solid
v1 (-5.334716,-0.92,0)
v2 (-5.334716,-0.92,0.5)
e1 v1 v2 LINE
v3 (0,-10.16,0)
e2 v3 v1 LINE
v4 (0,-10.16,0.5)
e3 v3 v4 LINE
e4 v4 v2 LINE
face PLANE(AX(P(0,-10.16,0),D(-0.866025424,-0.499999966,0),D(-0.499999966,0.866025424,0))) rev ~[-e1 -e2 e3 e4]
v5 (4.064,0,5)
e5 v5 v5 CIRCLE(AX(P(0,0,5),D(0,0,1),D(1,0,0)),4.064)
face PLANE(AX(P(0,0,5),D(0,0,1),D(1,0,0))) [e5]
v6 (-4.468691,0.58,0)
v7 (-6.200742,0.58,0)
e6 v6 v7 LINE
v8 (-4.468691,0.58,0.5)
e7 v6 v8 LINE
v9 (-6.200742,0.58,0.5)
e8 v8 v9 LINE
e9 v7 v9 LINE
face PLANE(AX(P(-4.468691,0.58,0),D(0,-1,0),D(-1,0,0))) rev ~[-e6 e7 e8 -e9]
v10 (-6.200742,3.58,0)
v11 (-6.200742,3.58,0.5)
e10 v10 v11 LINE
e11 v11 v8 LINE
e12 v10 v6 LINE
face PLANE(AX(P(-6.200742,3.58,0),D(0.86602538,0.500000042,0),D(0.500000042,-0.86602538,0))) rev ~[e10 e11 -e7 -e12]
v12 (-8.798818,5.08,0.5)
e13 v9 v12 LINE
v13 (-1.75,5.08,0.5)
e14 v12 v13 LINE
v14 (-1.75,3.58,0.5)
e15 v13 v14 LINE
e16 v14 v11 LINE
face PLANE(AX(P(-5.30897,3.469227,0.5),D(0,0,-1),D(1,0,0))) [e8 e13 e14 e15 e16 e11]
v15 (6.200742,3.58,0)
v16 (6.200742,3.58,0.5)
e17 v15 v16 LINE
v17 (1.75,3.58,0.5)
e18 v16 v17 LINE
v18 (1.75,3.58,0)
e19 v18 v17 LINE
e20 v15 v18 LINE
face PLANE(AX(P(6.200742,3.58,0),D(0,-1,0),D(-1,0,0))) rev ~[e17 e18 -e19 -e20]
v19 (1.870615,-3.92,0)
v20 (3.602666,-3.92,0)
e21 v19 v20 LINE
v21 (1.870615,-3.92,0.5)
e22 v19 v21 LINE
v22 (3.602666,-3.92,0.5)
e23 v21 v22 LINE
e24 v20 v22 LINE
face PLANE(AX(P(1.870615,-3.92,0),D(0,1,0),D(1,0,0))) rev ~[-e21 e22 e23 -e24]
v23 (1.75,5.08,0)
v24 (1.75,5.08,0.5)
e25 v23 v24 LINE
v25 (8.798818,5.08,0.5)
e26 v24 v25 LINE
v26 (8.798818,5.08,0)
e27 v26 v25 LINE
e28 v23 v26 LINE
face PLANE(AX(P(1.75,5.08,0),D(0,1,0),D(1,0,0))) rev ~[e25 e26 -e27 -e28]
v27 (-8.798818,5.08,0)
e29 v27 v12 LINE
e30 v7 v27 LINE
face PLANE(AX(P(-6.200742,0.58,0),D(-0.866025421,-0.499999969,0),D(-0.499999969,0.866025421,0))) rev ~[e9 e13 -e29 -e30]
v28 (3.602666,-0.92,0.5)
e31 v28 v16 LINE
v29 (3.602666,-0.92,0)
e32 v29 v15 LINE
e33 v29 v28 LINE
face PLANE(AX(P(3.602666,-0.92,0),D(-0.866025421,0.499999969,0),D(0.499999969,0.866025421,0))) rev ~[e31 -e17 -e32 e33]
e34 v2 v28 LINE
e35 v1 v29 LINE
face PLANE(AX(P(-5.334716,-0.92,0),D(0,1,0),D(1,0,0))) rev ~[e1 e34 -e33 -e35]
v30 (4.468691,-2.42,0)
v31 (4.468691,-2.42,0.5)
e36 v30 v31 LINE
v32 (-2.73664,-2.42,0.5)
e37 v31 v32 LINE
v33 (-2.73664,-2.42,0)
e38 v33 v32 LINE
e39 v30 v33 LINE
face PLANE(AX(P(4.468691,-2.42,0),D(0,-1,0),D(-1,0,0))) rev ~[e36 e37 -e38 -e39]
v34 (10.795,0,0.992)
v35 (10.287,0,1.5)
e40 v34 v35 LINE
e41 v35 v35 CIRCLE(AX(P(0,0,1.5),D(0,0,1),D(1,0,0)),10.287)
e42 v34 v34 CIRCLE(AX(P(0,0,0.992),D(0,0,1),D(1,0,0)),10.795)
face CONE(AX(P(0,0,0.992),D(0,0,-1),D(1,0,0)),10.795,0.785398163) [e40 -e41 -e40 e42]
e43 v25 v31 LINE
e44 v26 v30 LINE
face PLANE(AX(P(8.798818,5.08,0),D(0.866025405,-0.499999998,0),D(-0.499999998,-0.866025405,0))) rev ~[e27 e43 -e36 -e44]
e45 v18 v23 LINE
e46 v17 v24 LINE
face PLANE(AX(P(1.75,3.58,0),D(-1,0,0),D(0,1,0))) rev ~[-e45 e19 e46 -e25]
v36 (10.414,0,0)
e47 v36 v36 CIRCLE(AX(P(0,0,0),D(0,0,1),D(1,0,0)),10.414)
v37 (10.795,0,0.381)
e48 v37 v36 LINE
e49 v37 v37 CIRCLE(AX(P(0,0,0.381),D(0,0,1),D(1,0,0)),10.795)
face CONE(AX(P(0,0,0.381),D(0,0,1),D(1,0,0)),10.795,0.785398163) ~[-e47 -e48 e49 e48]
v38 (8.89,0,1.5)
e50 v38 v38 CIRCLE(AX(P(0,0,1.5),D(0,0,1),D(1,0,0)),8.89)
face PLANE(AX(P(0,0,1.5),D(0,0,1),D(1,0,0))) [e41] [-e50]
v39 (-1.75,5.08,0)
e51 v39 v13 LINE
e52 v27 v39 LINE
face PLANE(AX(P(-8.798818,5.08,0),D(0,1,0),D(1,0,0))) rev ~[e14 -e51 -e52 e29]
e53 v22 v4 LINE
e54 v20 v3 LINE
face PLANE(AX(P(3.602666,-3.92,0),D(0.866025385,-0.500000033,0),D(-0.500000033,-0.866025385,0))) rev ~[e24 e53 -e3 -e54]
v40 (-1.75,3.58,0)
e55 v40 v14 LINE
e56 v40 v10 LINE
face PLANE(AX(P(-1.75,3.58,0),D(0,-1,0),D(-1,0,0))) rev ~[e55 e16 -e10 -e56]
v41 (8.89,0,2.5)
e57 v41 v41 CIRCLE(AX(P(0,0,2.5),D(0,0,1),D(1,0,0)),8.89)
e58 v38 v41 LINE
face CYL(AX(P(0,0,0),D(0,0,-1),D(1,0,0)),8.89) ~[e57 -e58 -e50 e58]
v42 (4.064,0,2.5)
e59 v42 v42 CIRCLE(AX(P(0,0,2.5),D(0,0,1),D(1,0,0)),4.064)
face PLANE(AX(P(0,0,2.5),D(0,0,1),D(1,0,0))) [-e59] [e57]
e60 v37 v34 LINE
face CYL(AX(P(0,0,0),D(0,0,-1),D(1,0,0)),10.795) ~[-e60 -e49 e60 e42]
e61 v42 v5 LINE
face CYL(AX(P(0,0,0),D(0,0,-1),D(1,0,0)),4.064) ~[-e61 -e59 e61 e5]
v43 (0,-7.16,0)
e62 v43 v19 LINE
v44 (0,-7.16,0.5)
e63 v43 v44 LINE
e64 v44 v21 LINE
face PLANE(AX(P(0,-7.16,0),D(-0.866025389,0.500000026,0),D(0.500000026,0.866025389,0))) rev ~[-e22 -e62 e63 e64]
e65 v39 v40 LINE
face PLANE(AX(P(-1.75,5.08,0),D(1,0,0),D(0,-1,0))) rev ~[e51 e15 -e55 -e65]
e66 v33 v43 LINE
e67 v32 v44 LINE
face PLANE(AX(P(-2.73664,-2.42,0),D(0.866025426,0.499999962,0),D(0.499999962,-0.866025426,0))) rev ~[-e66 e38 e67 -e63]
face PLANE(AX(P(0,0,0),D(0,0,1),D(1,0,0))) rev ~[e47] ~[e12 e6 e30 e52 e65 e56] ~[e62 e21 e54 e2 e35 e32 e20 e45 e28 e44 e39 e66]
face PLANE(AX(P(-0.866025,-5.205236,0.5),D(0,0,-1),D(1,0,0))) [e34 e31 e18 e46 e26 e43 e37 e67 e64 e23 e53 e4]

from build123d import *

# Parameters (mm, degrees)
F0_R     = 4.064
F1_DEPTH = 5
F0_R_2   = 8.89
F2_DEPTH = 2.5
F0_R_3   = 10.795
F3_DEPTH = 1.5
F5_DEPTH = 0.5
F6_SIZE  = 0.508
F7_SIZE  = 0.381


with BuildPart() as f1:
    # F0 (on Top) → F1 (new body)
    with BuildSketch(Plane.XY):
        Circle(F0_R)
    extrude(amount=F1_DEPTH)

    # F0 (on Top) → F2 (join)
    with BuildSketch(Plane.XY):
        Circle(F0_R_2)
        Circle(F0_R, mode=Mode.SUBTRACT)
    extrude(amount=F2_DEPTH)

    # F0 (on Top) → F3 (join)
    with BuildSketch(Plane.XY):
        Circle(F0_R_3)
        Circle(F0_R_2, mode=Mode.SUBTRACT)
    extrude(amount=F3_DEPTH)

    # F4 (on face) → F5 (cut)
    with BuildSketch(Plane(origin=(0, 0, 0), x_dir=(1, 0, 0), z_dir=(0, 0, -1))):
        Polygon((-6.200742, -0.58), (-8.798818, -5.08), (-1.75, -5.08), (-1.75, -3.58), (-6.200742, -3.58), (-4.468691, -0.58), align=None)
        Polygon((0, 10.16), (-5.334716, 0.92), (-3.602666, 0.92), (-2.73664, 2.42), (0, 7.16), (1.870615, 3.92), (3.602666, 3.92), align=None)
        Polygon((1.75, -3.58), (1.75, -5.08), (8.798818, -5.08), (4.468691, 2.42), (2.73664, 2.42), (3.602666, 0.92), (6.200742, -3.58), align=None)
        Polygon((-2.73664, 2.42), (-3.602666, 0.92), (3.602666, 0.92), (2.73664, 2.42), align=None)
    extrude(amount=-F5_DEPTH, mode=Mode.SUBTRACT)

    # F6
    f6_edges = [f1.edges().sort_by_distance(p)[0] for p in [
        (-10.795, 0, 1.5),
    ]]
    chamfer(f6_edges, length=F6_SIZE)

    # F7
    f7_edges = [f1.edges().sort_by_distance(p)[0] for p in [
        (-10.795, 0, 0),
    ]]
    chamfer(f7_edges, length=F7_SIZE)


solid = f1.part
